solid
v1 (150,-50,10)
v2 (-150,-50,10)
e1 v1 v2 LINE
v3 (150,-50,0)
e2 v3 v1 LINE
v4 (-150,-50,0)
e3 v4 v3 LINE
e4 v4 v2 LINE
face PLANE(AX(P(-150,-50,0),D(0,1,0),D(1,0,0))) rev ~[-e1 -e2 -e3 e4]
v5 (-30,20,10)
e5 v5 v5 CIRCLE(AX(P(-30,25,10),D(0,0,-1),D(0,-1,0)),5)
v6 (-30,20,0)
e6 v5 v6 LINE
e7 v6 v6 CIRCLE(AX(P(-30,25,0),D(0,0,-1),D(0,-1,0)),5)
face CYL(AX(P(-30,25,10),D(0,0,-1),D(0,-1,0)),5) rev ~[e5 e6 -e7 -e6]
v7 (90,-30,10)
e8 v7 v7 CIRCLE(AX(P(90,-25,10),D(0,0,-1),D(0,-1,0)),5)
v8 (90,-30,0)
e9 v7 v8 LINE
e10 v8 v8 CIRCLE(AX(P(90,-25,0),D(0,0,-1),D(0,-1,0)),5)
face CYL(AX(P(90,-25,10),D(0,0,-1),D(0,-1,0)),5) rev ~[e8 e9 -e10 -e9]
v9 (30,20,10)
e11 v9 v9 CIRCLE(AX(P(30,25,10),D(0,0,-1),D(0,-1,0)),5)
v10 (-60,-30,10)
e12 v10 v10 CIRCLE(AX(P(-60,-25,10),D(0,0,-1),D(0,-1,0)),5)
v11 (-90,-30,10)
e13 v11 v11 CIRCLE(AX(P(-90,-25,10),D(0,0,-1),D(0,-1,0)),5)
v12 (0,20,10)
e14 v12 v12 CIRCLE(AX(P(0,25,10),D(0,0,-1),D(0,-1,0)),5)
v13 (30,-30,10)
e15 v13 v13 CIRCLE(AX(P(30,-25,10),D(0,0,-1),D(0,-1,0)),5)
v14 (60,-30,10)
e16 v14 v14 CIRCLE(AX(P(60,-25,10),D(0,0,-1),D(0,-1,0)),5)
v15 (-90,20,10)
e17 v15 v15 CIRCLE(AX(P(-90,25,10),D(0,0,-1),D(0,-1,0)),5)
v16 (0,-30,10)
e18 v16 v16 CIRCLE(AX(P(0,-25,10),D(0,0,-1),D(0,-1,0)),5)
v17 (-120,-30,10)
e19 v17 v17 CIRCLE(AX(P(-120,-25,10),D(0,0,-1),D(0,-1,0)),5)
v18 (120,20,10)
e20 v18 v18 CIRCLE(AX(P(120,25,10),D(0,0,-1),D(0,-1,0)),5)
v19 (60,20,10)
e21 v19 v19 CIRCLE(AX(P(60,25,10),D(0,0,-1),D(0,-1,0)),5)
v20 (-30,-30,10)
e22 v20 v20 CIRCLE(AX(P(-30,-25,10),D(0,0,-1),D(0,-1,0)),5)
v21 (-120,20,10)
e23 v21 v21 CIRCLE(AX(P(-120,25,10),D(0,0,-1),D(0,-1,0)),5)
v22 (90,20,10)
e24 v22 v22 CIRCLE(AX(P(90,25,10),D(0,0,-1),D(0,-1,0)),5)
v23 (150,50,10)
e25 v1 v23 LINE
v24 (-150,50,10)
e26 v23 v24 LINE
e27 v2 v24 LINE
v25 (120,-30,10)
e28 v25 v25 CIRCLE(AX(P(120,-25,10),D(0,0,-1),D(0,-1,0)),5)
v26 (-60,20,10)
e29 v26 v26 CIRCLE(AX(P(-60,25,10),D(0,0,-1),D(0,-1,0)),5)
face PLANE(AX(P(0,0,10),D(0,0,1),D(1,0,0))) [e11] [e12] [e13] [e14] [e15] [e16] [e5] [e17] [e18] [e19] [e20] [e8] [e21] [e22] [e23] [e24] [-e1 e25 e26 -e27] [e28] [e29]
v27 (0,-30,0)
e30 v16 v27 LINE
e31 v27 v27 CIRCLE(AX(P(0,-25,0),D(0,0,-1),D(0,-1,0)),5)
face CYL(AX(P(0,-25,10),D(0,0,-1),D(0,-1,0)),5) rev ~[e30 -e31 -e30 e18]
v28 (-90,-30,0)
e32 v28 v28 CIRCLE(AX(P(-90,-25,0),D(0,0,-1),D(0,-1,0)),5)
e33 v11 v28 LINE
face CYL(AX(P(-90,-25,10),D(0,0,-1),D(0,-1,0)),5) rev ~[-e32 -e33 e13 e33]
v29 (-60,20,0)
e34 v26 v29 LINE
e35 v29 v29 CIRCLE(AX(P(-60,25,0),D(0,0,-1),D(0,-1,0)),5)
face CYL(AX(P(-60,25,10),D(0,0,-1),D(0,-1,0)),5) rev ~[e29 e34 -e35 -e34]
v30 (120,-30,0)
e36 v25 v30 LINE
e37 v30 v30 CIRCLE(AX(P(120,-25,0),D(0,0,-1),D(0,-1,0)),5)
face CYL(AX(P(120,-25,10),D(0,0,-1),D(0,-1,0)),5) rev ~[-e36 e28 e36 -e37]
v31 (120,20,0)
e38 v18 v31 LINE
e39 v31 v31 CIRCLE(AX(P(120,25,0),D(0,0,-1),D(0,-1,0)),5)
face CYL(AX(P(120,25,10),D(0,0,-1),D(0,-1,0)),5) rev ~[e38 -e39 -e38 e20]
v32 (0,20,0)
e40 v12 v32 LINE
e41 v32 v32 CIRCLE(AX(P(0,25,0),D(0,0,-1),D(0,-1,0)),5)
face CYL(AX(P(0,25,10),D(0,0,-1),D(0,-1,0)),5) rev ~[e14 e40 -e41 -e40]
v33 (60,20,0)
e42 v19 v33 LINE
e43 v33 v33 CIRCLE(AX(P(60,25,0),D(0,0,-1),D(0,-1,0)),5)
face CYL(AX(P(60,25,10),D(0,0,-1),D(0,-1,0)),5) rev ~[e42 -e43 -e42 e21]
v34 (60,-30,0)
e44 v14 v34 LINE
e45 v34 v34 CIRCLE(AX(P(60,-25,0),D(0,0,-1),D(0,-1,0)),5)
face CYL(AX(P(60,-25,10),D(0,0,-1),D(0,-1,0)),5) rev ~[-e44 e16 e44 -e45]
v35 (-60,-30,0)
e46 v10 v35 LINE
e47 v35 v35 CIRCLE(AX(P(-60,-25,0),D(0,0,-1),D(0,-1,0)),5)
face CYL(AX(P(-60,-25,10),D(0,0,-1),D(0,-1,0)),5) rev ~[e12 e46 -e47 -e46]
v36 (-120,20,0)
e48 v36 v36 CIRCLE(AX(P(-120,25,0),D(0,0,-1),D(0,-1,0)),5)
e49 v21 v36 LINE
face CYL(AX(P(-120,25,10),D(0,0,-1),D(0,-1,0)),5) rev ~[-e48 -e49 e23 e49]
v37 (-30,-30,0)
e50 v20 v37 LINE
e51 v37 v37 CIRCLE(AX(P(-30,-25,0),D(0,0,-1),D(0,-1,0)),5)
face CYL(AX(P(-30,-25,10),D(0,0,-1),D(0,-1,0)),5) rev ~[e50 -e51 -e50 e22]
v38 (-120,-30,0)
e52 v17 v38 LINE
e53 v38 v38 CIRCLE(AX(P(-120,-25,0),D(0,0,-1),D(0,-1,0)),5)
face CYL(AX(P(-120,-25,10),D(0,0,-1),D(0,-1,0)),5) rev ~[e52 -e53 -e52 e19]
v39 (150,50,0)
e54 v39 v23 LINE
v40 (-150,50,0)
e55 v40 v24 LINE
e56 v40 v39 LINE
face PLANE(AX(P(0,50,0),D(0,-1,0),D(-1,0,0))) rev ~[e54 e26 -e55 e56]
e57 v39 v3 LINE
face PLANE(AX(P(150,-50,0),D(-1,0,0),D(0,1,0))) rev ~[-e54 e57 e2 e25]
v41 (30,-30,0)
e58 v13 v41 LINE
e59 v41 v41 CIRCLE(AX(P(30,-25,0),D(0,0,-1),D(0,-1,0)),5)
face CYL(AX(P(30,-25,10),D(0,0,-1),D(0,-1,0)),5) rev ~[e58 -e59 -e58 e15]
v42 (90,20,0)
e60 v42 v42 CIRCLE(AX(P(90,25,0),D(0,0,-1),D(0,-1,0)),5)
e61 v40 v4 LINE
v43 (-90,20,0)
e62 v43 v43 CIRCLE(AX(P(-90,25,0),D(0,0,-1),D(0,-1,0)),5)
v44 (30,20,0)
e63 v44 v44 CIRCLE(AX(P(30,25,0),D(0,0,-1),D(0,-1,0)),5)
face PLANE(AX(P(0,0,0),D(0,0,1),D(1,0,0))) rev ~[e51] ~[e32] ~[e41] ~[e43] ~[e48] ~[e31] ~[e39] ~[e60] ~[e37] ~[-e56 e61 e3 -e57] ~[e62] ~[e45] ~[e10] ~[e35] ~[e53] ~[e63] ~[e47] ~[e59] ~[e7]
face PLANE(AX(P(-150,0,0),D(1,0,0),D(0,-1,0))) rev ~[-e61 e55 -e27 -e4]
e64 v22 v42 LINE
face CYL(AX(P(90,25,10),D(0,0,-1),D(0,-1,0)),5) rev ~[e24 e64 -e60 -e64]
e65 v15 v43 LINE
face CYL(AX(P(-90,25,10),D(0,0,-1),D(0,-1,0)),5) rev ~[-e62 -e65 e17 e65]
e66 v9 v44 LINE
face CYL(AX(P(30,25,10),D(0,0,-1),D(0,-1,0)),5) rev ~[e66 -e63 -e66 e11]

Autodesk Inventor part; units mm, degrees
ref_plane "YZ Plane" through (0, 0, 0) normal (1, 0, 0) x (0, 1, 0)
ref_plane "XZ Plane" through (0, 0, 0) normal (0, 1, 0) x (-1, 0, 0)
ref_plane "XY Plane" through (0, 0, 0) normal (0, 0, 1) x (1, 0, 0)
sketch "Skizze1" plane through (0, 0, 0) normal (0, 0, 1) x (1, 0, 0)
  line L0 (-150, -50) -> (150, -50)
  line L1 (150, -50) -> (150, 50)
  line L2 (150, 50) -> (-150, 50)
  line L3 (-150, 50) -> (-150, -50)
  line L4 (-210, 0) -> (210, 0) projected
  line L5 (0, -70) -> (0, 70) projected
  point P0 (0, 0)
  dimension "d0" = 300
  dimension "d1" = 100
extrude "Extrusion1" add sketch "Skizze1" along normal blind 10
sketch "Skizze2" plane through (0, 0, 10) normal (0, 0, 1) x (1, 0, 0)
  line L0 (-210, 0) -> (210, 0) projected
  line L1 (0, -70) -> (0, 70) projected
  line L2 (-150, 50) -> (-150, -50) projected
  point P0 (0, 0)
  point P1 (-120, -25)
  dimension "d4" = 25
  dimension "d5" = 30
hole "Bohrung1" at (-120, -25, 10) direction (0, 0, -1) diameter 10 end through all
pattern_linear "Rechteckige Anordnung1" count 9 spacing 30 along (1, 0, 0) count 2 spacing 50 along (0, 1, 0) of "Bohrung1"
properties part number "Lochplatte"
